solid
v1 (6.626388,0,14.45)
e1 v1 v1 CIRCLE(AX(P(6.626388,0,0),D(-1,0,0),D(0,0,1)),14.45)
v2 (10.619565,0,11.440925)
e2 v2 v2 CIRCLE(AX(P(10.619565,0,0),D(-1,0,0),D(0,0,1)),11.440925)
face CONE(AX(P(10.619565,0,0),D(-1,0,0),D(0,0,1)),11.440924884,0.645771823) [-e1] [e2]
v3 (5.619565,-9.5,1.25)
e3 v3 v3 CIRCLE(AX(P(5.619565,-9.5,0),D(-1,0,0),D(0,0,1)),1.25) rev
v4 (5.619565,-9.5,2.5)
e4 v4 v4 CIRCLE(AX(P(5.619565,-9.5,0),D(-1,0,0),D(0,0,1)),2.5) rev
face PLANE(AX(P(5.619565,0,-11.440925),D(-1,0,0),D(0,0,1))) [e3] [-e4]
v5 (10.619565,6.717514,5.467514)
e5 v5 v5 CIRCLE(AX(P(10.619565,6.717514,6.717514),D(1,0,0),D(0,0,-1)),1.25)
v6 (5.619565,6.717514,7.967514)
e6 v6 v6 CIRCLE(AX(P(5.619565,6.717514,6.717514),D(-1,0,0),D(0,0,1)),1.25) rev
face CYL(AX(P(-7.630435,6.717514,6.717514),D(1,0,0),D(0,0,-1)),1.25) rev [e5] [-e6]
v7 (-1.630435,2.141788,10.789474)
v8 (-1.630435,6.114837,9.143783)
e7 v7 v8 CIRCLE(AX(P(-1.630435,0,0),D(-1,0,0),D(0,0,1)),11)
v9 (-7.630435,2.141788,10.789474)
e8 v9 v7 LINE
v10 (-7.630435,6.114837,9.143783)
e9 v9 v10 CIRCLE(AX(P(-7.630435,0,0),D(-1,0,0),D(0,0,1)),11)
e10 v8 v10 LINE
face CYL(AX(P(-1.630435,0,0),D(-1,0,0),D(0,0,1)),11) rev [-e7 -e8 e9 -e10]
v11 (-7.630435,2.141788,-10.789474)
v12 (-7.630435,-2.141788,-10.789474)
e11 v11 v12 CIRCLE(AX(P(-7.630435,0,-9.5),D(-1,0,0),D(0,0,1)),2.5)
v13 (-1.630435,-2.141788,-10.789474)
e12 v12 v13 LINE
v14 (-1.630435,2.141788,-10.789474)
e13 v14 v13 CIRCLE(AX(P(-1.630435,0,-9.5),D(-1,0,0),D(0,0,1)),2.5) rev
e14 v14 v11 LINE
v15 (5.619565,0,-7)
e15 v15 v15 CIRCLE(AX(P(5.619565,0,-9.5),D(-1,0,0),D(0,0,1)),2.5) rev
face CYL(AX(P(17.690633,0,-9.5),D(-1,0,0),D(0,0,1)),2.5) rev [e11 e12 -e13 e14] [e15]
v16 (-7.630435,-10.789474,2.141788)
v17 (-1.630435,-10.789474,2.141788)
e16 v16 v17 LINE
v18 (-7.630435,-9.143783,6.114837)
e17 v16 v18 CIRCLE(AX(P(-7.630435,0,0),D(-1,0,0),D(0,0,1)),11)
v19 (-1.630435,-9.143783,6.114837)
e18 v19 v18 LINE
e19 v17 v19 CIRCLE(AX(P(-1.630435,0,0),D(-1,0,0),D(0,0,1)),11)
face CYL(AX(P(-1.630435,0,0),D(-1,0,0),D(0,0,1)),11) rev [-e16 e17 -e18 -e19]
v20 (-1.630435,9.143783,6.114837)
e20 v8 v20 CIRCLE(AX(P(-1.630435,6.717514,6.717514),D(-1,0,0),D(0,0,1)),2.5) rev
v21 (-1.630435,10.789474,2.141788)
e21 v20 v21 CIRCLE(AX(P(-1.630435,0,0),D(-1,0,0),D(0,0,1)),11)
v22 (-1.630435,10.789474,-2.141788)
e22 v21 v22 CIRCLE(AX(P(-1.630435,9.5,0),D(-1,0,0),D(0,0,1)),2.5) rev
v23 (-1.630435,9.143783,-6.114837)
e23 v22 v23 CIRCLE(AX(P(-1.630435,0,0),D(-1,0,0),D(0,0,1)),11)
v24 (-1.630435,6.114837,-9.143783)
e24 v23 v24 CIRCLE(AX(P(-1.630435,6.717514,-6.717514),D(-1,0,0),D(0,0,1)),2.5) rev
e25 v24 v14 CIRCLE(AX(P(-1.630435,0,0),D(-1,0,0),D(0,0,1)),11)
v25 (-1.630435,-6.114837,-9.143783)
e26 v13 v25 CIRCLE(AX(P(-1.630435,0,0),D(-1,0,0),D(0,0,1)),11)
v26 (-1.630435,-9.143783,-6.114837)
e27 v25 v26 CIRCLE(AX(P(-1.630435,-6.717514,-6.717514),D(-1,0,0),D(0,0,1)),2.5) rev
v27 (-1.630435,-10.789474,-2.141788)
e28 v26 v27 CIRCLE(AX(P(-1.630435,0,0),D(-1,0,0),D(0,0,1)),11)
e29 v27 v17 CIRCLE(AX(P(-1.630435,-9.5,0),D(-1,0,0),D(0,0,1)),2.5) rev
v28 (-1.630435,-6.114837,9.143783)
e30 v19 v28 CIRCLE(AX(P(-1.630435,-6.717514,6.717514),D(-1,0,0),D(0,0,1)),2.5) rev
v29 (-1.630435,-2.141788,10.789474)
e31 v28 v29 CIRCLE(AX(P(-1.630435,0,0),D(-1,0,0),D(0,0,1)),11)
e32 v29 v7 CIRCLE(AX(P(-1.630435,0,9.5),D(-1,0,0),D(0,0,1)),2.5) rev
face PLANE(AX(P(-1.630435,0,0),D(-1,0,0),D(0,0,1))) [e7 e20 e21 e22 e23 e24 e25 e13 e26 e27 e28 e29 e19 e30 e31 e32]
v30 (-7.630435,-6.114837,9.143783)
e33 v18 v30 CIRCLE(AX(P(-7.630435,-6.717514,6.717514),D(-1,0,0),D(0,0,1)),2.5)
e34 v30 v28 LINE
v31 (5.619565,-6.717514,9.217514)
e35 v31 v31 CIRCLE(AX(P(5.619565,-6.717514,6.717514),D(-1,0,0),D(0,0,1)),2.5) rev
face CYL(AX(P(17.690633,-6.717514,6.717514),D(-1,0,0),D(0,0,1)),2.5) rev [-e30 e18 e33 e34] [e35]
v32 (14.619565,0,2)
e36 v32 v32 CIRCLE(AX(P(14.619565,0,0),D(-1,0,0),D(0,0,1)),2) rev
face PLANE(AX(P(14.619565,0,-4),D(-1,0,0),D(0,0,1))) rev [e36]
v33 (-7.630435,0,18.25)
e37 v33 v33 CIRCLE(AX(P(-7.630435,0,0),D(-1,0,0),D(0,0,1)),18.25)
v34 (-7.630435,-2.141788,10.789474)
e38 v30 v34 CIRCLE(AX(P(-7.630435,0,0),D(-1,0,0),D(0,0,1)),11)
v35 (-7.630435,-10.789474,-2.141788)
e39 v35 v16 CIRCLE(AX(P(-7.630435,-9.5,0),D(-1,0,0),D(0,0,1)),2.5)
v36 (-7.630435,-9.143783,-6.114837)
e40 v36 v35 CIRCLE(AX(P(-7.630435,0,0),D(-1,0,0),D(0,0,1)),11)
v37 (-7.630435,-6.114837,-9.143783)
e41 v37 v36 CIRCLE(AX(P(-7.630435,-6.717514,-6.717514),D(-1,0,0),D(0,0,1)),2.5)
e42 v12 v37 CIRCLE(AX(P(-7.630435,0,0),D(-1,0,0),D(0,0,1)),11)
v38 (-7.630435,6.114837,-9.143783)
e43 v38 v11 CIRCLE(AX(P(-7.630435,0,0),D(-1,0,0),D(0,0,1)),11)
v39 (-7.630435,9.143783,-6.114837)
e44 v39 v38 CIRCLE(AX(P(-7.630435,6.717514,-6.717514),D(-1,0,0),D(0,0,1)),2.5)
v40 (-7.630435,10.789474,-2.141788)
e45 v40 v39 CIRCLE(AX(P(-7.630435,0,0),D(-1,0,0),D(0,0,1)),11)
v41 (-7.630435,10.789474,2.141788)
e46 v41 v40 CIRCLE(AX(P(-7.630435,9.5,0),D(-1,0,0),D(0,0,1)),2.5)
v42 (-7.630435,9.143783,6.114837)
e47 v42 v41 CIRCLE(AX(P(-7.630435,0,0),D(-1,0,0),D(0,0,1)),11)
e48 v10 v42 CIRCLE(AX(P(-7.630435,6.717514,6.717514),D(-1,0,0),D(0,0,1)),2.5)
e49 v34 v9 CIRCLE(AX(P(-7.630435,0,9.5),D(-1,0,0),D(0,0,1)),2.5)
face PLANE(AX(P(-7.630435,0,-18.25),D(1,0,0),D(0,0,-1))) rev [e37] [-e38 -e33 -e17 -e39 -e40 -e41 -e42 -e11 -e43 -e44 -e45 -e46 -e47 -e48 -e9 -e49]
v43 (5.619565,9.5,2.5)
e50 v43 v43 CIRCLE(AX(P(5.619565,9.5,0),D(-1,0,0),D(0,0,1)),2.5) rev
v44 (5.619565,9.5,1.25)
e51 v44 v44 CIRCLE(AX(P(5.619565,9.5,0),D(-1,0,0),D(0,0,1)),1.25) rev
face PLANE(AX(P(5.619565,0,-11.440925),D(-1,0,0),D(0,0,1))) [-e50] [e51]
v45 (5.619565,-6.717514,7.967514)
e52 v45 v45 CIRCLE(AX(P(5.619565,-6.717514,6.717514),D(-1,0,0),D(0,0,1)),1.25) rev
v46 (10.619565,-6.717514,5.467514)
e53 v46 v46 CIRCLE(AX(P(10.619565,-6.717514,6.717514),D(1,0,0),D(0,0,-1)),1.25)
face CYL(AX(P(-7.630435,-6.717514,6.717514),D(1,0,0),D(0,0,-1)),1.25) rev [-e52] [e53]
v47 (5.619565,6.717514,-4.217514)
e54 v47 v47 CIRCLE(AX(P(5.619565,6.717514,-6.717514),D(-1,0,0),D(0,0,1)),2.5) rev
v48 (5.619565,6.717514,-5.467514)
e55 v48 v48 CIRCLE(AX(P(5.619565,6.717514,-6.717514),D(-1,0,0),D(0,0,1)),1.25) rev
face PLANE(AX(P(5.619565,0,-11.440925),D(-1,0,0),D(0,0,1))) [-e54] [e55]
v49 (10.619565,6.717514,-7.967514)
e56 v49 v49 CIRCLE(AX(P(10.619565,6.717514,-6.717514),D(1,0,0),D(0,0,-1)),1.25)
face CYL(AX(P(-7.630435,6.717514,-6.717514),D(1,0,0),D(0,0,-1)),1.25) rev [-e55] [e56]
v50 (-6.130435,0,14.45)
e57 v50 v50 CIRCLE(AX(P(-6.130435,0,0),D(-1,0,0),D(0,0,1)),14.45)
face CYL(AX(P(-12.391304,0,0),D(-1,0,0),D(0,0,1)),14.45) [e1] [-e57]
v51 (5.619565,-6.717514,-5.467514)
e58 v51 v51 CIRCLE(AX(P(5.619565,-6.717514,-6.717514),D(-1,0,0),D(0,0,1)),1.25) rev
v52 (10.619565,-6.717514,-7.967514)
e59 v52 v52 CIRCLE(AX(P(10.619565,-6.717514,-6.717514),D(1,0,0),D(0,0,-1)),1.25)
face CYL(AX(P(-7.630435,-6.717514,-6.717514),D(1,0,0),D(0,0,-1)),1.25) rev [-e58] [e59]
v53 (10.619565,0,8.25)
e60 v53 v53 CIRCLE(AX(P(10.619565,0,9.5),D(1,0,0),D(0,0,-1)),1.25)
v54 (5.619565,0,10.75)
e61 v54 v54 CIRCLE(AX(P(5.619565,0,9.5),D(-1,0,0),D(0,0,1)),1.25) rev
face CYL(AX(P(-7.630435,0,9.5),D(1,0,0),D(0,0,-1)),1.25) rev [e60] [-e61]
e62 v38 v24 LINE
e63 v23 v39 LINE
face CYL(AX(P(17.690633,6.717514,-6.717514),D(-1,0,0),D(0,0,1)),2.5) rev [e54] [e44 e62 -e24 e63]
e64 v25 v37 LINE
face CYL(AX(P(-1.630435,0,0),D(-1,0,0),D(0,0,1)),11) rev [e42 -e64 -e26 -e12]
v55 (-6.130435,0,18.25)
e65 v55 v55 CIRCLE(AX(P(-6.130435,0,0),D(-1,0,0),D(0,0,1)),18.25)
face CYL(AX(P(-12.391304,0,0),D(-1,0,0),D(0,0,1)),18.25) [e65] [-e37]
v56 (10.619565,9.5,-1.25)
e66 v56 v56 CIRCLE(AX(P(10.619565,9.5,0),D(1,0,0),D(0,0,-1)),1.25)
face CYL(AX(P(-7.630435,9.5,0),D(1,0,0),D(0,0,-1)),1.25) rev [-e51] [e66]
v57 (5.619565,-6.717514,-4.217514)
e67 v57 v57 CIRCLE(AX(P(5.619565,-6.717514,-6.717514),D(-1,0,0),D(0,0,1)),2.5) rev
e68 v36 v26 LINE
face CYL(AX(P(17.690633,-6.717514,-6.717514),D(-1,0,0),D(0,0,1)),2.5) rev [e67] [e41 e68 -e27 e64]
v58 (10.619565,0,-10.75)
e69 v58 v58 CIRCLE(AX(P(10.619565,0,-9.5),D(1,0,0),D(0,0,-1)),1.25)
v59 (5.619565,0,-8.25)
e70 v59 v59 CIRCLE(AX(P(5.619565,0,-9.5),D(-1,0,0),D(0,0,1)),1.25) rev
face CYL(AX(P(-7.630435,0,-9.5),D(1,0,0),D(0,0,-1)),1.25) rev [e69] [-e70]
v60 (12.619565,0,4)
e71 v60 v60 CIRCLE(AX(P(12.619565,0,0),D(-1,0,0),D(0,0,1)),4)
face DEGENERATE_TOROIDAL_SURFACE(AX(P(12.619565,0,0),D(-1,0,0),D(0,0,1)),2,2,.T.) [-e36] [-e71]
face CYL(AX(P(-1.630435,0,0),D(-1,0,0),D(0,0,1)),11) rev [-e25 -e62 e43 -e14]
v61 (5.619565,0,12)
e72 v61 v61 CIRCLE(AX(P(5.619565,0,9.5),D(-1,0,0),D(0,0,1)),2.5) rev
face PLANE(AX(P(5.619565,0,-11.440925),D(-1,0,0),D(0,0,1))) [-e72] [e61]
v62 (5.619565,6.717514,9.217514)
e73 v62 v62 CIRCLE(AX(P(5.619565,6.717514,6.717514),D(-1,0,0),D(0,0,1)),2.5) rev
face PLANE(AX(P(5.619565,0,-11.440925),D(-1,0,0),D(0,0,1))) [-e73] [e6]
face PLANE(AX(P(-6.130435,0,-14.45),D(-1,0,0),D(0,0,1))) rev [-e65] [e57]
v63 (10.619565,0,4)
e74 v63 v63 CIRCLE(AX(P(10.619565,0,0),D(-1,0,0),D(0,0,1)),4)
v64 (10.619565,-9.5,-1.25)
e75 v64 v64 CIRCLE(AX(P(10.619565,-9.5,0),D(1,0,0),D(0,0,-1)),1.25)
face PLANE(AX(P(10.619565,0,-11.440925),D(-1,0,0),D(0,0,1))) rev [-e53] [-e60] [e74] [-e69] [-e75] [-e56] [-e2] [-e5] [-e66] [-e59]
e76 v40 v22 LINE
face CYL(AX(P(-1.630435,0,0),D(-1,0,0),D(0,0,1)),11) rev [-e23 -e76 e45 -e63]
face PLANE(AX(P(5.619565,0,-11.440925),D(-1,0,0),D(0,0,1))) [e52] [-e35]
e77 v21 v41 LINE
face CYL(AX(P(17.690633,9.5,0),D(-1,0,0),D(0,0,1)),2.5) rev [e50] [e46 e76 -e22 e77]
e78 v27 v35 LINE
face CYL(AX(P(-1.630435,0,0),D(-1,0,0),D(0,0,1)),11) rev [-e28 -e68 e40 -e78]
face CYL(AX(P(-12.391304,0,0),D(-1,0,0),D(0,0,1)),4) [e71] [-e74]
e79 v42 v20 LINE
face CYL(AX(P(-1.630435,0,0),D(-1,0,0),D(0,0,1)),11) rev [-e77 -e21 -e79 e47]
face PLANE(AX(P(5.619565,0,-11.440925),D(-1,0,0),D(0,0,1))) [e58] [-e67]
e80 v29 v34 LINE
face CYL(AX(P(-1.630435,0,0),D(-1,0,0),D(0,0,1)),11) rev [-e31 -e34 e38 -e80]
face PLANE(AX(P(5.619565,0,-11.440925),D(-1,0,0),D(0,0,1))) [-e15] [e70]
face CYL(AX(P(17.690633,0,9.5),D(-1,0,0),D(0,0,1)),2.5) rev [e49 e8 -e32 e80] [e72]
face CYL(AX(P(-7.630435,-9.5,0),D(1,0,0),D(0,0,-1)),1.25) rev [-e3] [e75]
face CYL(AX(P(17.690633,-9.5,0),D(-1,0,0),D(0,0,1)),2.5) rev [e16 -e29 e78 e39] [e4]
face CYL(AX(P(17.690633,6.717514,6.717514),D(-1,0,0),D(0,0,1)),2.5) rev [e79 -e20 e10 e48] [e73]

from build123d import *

# Parameters (mm, degrees)
SKETCH2_R          = 1.25
CUT_EXTRUDE1_DEPTH = 19.25
FILLET1_R          = 2
SKETCH3_R          = 2.5
CUT_EXTRUDE2_DEPTH = 13.25
SKETCH4_R          = 11
CUT_EXTRUDE3_DEPTH = 6


with BuildPart() as part:
    # Sketch1 → Revolve1 (revolve)
    with BuildSketch(Plane(origin=(0, 0, 0), x_dir=(1, 0, 0), z_dir=(0, 1, 0))):
        Polygon((-6.130434783, 14.45), (6.626387667, 14.45), (10.619565217, 11.440924884), (10.619565217, 4), (14.619565217, 4), (14.619565217, 0), (13.372742768, 0), (-6.130434783, 0), (-7.630434783, 0), (-7.630434783, 18.25), (-6.130434783, 18.25), align=None)
    revolve(axis=Axis((-12.391304348, 0, 0), (1, 0, 0)))

    # Sketch2 → Cut-Extrude1 (cut, through all)
    with BuildSketch(Plane(origin=(10.619565217, 0, 0), x_dir=(0, 0, -1), z_dir=(1, 0, 0))):
        with Locations((0, 9.5)):
            Circle(SKETCH2_R)
        with Locations((6.717514421, 6.717514421)):
            Circle(SKETCH2_R)
        with Locations((9.5, 0)):
            Circle(SKETCH2_R)
        with Locations((6.717514421, -6.717514421)):
            Circle(SKETCH2_R)
        with Locations((0, -9.5)):
            Circle(SKETCH2_R)
        with Locations((-6.717514421, -6.717514421)):
            Circle(SKETCH2_R)
        with Locations((-9.5, 0)):
            Circle(SKETCH2_R)
        with Locations((-6.717514421, 6.717514421)):
            Circle(SKETCH2_R)
    extrude(amount=-CUT_EXTRUDE1_DEPTH, mode=Mode.SUBTRACT)

    # Fillet1
    fillet1_edges = [part.edges().sort_by_distance(p)[0] for p in [
        (14.619565217, 0, 4),
    ]]
    fillet(fillet1_edges, radius=FILLET1_R)

    # Sketch3 → Cut-Extrude2 (cut)
    with BuildSketch(Plane.ZY.offset(7.630434783)):
        with Locations((0, 9.5)):
            Circle(SKETCH3_R)
        with Locations((6.717514421, 6.717514421)):
            Circle(SKETCH3_R)
        with Locations((9.5, 0)):
            Circle(SKETCH3_R)
        with Locations((6.717514421, -6.717514421)):
            Circle(SKETCH3_R)
        with Locations((0, -9.5)):
            Circle(SKETCH3_R)
        with Locations((-6.717514421, -6.717514421)):
            Circle(SKETCH3_R)
        with Locations((-9.5, 0)):
            Circle(SKETCH3_R)
        with Locations((-6.717514421, 6.717514421)):
            Circle(SKETCH3_R)
    extrude(amount=-CUT_EXTRUDE2_DEPTH, mode=Mode.SUBTRACT)

    # Sketch4 → Cut-Extrude3 (cut)
    with BuildSketch(Plane.ZY.offset(7.630434783)):
        Circle(SKETCH4_R)
    extrude(amount=-CUT_EXTRUDE3_DEPTH, mode=Mode.SUBTRACT)


solid = part.part
